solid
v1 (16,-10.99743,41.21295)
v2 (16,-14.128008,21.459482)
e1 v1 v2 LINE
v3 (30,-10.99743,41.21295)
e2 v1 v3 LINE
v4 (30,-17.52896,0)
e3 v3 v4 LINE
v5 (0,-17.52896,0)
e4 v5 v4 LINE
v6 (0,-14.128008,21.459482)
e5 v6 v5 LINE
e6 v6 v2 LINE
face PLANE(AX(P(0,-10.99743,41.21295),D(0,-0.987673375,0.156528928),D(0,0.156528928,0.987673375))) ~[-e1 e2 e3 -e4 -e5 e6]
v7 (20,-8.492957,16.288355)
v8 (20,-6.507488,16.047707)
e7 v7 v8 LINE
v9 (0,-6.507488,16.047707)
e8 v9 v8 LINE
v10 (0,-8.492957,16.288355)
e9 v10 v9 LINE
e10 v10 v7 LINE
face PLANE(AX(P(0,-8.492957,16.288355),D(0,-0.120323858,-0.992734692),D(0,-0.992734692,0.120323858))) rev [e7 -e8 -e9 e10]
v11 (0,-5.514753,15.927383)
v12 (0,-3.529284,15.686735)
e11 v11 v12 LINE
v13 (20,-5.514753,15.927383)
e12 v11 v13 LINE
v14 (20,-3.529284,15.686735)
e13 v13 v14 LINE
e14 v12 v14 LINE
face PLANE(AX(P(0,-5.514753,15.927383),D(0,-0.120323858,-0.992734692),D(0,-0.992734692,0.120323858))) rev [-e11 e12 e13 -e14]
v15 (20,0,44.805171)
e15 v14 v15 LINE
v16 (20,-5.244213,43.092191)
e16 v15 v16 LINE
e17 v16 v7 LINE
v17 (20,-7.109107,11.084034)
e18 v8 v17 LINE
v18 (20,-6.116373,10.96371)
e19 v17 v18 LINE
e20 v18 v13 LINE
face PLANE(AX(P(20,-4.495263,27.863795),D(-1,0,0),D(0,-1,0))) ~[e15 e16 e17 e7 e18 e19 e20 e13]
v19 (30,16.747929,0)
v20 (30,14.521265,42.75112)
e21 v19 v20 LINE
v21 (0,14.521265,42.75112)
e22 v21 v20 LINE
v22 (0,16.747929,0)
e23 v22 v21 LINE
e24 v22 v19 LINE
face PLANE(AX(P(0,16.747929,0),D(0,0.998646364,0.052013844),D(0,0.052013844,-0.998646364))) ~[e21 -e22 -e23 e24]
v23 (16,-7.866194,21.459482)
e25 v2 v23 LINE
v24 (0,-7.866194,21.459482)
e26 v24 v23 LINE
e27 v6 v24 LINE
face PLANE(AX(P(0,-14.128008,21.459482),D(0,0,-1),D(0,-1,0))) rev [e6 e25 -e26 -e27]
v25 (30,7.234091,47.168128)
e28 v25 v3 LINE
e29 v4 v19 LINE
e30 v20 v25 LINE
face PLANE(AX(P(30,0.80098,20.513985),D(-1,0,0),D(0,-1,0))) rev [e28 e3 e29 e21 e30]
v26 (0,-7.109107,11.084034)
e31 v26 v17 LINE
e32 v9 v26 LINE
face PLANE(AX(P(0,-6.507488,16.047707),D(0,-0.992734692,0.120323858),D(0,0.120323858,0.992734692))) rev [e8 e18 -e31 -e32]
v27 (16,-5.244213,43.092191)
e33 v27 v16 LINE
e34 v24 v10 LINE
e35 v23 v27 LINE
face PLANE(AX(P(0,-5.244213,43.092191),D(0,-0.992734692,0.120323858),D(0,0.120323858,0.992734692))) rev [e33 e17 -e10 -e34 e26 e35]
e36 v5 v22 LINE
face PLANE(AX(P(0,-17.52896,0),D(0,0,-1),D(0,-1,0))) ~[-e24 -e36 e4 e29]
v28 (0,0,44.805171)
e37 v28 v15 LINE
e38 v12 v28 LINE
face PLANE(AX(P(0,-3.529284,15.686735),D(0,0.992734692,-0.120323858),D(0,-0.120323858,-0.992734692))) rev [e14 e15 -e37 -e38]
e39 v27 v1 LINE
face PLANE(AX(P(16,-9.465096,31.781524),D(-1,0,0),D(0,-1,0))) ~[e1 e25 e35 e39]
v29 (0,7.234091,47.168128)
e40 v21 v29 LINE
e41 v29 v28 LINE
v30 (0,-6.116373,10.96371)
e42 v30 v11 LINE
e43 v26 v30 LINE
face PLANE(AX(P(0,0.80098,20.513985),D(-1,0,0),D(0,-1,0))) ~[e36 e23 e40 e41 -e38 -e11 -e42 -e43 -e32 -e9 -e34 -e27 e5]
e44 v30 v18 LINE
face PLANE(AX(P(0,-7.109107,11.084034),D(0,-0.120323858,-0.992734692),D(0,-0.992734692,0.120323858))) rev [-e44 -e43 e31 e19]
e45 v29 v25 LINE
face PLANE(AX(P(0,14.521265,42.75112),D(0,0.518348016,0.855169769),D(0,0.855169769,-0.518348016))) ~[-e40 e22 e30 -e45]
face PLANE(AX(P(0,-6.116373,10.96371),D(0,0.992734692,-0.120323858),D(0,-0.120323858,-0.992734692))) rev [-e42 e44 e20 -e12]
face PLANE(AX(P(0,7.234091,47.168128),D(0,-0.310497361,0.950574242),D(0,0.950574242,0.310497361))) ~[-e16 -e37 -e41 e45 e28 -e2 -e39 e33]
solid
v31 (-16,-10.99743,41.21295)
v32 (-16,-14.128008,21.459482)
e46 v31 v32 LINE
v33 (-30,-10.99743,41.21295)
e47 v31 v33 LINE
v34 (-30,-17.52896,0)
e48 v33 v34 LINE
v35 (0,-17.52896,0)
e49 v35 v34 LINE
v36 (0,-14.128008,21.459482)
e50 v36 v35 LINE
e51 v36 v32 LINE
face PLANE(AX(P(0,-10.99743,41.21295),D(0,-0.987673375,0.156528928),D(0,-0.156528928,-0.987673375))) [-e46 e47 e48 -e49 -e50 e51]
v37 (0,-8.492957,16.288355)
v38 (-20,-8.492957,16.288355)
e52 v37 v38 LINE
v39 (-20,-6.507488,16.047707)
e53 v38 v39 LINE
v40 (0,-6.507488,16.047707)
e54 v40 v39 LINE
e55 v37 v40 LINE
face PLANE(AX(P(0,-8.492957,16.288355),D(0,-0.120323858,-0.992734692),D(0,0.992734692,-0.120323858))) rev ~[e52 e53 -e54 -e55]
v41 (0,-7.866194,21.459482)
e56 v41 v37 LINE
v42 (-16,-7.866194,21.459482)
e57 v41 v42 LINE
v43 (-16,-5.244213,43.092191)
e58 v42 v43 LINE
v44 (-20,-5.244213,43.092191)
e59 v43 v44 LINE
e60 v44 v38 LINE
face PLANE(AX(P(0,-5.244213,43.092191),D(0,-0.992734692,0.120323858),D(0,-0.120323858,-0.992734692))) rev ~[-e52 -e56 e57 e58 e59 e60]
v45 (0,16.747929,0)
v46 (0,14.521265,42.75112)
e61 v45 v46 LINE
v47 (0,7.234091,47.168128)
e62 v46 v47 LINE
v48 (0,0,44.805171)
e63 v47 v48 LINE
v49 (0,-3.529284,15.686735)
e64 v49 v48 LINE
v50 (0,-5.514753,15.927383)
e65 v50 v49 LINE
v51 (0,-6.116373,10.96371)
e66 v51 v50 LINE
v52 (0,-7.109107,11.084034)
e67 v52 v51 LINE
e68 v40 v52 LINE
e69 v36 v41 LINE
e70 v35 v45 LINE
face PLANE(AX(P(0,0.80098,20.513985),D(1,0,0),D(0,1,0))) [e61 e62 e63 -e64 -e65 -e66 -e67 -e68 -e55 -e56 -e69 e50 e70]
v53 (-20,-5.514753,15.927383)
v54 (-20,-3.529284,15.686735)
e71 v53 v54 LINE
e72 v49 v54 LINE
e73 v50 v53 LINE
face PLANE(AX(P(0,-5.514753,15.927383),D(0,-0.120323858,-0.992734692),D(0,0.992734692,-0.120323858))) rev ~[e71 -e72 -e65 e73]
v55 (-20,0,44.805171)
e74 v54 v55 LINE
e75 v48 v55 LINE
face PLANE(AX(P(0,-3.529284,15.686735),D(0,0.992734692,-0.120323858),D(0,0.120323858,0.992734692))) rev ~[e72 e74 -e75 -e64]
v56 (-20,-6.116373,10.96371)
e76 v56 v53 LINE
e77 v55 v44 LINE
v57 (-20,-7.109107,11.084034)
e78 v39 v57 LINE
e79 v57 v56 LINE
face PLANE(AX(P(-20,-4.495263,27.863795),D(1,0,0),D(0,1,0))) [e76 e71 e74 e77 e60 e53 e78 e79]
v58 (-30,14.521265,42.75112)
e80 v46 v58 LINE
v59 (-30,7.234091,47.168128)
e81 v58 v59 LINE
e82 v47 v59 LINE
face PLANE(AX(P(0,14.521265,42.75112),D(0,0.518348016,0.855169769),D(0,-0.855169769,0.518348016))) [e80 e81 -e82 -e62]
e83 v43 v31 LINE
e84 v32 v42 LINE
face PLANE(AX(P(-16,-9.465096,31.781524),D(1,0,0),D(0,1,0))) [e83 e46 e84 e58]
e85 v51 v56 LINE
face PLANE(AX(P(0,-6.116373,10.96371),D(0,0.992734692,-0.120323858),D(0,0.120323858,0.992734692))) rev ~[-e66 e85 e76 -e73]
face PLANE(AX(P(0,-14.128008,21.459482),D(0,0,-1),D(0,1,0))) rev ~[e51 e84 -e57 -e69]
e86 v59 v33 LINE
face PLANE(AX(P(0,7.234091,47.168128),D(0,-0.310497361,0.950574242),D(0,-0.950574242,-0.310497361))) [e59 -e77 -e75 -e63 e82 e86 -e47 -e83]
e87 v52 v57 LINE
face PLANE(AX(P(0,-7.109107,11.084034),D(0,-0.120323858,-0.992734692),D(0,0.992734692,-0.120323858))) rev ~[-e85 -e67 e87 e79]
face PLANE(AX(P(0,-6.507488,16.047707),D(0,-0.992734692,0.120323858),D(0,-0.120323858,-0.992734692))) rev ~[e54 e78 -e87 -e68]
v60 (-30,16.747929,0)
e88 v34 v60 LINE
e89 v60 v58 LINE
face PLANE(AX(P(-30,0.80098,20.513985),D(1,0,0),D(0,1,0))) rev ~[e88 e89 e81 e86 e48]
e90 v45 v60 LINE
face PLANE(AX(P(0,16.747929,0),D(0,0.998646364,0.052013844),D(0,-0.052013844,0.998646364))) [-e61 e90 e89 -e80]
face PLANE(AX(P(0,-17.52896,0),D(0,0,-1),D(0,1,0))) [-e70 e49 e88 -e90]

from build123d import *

# Parameters (mm, degrees)
F1_DEPTH = 30
F3_DEPTH = 20
F5_DEPTH = 16


with BuildPart() as f1:
    # F0 (on Right) → F1 (new body)
    with BuildSketch(Plane.YZ):
        Polygon((-17.5289604813, 0), (7.9001290724, 0), (16.7479291558, 0), (14.5212650044, 42.7511196038), (7.2340909392, 47.1681281924), (-10.9974298997, 41.2129498842), align=None)
    extrude(amount=-F1_DEPTH)

    # F2 (on face) → F3 (cut)
    with BuildSketch(Plane.YZ):
        Polygon((0, 44.8051711017), (-5.2442131429, 43.0921914425), (-8.4929573007, 16.2883547508), (-6.5074879162, 16.0477070354), (-7.1091072047, 11.084033574), (-6.1163725124, 10.9637097163), (-5.5147532239, 15.9273831777), (-3.5292838393, 15.6867354623), align=None)
    extrude(amount=-F3_DEPTH, mode=Mode.SUBTRACT)

    # F4 (on face) → F5 (cut)
    with BuildSketch(Plane.YZ):
        Polygon((-10.9974298997, 41.2129498842), (-14.1280084526, 21.459482393), (-7.8661936434, 21.459482393), (-5.2442131429, 43.0921914425), align=None)
    extrude(amount=-F5_DEPTH, mode=Mode.SUBTRACT)


with BuildPart() as f6_1:
    # F6: instance of F1
    add(f1.part.mirror(Plane.YZ))


solid = Compound([f1.part, f6_1.part])
